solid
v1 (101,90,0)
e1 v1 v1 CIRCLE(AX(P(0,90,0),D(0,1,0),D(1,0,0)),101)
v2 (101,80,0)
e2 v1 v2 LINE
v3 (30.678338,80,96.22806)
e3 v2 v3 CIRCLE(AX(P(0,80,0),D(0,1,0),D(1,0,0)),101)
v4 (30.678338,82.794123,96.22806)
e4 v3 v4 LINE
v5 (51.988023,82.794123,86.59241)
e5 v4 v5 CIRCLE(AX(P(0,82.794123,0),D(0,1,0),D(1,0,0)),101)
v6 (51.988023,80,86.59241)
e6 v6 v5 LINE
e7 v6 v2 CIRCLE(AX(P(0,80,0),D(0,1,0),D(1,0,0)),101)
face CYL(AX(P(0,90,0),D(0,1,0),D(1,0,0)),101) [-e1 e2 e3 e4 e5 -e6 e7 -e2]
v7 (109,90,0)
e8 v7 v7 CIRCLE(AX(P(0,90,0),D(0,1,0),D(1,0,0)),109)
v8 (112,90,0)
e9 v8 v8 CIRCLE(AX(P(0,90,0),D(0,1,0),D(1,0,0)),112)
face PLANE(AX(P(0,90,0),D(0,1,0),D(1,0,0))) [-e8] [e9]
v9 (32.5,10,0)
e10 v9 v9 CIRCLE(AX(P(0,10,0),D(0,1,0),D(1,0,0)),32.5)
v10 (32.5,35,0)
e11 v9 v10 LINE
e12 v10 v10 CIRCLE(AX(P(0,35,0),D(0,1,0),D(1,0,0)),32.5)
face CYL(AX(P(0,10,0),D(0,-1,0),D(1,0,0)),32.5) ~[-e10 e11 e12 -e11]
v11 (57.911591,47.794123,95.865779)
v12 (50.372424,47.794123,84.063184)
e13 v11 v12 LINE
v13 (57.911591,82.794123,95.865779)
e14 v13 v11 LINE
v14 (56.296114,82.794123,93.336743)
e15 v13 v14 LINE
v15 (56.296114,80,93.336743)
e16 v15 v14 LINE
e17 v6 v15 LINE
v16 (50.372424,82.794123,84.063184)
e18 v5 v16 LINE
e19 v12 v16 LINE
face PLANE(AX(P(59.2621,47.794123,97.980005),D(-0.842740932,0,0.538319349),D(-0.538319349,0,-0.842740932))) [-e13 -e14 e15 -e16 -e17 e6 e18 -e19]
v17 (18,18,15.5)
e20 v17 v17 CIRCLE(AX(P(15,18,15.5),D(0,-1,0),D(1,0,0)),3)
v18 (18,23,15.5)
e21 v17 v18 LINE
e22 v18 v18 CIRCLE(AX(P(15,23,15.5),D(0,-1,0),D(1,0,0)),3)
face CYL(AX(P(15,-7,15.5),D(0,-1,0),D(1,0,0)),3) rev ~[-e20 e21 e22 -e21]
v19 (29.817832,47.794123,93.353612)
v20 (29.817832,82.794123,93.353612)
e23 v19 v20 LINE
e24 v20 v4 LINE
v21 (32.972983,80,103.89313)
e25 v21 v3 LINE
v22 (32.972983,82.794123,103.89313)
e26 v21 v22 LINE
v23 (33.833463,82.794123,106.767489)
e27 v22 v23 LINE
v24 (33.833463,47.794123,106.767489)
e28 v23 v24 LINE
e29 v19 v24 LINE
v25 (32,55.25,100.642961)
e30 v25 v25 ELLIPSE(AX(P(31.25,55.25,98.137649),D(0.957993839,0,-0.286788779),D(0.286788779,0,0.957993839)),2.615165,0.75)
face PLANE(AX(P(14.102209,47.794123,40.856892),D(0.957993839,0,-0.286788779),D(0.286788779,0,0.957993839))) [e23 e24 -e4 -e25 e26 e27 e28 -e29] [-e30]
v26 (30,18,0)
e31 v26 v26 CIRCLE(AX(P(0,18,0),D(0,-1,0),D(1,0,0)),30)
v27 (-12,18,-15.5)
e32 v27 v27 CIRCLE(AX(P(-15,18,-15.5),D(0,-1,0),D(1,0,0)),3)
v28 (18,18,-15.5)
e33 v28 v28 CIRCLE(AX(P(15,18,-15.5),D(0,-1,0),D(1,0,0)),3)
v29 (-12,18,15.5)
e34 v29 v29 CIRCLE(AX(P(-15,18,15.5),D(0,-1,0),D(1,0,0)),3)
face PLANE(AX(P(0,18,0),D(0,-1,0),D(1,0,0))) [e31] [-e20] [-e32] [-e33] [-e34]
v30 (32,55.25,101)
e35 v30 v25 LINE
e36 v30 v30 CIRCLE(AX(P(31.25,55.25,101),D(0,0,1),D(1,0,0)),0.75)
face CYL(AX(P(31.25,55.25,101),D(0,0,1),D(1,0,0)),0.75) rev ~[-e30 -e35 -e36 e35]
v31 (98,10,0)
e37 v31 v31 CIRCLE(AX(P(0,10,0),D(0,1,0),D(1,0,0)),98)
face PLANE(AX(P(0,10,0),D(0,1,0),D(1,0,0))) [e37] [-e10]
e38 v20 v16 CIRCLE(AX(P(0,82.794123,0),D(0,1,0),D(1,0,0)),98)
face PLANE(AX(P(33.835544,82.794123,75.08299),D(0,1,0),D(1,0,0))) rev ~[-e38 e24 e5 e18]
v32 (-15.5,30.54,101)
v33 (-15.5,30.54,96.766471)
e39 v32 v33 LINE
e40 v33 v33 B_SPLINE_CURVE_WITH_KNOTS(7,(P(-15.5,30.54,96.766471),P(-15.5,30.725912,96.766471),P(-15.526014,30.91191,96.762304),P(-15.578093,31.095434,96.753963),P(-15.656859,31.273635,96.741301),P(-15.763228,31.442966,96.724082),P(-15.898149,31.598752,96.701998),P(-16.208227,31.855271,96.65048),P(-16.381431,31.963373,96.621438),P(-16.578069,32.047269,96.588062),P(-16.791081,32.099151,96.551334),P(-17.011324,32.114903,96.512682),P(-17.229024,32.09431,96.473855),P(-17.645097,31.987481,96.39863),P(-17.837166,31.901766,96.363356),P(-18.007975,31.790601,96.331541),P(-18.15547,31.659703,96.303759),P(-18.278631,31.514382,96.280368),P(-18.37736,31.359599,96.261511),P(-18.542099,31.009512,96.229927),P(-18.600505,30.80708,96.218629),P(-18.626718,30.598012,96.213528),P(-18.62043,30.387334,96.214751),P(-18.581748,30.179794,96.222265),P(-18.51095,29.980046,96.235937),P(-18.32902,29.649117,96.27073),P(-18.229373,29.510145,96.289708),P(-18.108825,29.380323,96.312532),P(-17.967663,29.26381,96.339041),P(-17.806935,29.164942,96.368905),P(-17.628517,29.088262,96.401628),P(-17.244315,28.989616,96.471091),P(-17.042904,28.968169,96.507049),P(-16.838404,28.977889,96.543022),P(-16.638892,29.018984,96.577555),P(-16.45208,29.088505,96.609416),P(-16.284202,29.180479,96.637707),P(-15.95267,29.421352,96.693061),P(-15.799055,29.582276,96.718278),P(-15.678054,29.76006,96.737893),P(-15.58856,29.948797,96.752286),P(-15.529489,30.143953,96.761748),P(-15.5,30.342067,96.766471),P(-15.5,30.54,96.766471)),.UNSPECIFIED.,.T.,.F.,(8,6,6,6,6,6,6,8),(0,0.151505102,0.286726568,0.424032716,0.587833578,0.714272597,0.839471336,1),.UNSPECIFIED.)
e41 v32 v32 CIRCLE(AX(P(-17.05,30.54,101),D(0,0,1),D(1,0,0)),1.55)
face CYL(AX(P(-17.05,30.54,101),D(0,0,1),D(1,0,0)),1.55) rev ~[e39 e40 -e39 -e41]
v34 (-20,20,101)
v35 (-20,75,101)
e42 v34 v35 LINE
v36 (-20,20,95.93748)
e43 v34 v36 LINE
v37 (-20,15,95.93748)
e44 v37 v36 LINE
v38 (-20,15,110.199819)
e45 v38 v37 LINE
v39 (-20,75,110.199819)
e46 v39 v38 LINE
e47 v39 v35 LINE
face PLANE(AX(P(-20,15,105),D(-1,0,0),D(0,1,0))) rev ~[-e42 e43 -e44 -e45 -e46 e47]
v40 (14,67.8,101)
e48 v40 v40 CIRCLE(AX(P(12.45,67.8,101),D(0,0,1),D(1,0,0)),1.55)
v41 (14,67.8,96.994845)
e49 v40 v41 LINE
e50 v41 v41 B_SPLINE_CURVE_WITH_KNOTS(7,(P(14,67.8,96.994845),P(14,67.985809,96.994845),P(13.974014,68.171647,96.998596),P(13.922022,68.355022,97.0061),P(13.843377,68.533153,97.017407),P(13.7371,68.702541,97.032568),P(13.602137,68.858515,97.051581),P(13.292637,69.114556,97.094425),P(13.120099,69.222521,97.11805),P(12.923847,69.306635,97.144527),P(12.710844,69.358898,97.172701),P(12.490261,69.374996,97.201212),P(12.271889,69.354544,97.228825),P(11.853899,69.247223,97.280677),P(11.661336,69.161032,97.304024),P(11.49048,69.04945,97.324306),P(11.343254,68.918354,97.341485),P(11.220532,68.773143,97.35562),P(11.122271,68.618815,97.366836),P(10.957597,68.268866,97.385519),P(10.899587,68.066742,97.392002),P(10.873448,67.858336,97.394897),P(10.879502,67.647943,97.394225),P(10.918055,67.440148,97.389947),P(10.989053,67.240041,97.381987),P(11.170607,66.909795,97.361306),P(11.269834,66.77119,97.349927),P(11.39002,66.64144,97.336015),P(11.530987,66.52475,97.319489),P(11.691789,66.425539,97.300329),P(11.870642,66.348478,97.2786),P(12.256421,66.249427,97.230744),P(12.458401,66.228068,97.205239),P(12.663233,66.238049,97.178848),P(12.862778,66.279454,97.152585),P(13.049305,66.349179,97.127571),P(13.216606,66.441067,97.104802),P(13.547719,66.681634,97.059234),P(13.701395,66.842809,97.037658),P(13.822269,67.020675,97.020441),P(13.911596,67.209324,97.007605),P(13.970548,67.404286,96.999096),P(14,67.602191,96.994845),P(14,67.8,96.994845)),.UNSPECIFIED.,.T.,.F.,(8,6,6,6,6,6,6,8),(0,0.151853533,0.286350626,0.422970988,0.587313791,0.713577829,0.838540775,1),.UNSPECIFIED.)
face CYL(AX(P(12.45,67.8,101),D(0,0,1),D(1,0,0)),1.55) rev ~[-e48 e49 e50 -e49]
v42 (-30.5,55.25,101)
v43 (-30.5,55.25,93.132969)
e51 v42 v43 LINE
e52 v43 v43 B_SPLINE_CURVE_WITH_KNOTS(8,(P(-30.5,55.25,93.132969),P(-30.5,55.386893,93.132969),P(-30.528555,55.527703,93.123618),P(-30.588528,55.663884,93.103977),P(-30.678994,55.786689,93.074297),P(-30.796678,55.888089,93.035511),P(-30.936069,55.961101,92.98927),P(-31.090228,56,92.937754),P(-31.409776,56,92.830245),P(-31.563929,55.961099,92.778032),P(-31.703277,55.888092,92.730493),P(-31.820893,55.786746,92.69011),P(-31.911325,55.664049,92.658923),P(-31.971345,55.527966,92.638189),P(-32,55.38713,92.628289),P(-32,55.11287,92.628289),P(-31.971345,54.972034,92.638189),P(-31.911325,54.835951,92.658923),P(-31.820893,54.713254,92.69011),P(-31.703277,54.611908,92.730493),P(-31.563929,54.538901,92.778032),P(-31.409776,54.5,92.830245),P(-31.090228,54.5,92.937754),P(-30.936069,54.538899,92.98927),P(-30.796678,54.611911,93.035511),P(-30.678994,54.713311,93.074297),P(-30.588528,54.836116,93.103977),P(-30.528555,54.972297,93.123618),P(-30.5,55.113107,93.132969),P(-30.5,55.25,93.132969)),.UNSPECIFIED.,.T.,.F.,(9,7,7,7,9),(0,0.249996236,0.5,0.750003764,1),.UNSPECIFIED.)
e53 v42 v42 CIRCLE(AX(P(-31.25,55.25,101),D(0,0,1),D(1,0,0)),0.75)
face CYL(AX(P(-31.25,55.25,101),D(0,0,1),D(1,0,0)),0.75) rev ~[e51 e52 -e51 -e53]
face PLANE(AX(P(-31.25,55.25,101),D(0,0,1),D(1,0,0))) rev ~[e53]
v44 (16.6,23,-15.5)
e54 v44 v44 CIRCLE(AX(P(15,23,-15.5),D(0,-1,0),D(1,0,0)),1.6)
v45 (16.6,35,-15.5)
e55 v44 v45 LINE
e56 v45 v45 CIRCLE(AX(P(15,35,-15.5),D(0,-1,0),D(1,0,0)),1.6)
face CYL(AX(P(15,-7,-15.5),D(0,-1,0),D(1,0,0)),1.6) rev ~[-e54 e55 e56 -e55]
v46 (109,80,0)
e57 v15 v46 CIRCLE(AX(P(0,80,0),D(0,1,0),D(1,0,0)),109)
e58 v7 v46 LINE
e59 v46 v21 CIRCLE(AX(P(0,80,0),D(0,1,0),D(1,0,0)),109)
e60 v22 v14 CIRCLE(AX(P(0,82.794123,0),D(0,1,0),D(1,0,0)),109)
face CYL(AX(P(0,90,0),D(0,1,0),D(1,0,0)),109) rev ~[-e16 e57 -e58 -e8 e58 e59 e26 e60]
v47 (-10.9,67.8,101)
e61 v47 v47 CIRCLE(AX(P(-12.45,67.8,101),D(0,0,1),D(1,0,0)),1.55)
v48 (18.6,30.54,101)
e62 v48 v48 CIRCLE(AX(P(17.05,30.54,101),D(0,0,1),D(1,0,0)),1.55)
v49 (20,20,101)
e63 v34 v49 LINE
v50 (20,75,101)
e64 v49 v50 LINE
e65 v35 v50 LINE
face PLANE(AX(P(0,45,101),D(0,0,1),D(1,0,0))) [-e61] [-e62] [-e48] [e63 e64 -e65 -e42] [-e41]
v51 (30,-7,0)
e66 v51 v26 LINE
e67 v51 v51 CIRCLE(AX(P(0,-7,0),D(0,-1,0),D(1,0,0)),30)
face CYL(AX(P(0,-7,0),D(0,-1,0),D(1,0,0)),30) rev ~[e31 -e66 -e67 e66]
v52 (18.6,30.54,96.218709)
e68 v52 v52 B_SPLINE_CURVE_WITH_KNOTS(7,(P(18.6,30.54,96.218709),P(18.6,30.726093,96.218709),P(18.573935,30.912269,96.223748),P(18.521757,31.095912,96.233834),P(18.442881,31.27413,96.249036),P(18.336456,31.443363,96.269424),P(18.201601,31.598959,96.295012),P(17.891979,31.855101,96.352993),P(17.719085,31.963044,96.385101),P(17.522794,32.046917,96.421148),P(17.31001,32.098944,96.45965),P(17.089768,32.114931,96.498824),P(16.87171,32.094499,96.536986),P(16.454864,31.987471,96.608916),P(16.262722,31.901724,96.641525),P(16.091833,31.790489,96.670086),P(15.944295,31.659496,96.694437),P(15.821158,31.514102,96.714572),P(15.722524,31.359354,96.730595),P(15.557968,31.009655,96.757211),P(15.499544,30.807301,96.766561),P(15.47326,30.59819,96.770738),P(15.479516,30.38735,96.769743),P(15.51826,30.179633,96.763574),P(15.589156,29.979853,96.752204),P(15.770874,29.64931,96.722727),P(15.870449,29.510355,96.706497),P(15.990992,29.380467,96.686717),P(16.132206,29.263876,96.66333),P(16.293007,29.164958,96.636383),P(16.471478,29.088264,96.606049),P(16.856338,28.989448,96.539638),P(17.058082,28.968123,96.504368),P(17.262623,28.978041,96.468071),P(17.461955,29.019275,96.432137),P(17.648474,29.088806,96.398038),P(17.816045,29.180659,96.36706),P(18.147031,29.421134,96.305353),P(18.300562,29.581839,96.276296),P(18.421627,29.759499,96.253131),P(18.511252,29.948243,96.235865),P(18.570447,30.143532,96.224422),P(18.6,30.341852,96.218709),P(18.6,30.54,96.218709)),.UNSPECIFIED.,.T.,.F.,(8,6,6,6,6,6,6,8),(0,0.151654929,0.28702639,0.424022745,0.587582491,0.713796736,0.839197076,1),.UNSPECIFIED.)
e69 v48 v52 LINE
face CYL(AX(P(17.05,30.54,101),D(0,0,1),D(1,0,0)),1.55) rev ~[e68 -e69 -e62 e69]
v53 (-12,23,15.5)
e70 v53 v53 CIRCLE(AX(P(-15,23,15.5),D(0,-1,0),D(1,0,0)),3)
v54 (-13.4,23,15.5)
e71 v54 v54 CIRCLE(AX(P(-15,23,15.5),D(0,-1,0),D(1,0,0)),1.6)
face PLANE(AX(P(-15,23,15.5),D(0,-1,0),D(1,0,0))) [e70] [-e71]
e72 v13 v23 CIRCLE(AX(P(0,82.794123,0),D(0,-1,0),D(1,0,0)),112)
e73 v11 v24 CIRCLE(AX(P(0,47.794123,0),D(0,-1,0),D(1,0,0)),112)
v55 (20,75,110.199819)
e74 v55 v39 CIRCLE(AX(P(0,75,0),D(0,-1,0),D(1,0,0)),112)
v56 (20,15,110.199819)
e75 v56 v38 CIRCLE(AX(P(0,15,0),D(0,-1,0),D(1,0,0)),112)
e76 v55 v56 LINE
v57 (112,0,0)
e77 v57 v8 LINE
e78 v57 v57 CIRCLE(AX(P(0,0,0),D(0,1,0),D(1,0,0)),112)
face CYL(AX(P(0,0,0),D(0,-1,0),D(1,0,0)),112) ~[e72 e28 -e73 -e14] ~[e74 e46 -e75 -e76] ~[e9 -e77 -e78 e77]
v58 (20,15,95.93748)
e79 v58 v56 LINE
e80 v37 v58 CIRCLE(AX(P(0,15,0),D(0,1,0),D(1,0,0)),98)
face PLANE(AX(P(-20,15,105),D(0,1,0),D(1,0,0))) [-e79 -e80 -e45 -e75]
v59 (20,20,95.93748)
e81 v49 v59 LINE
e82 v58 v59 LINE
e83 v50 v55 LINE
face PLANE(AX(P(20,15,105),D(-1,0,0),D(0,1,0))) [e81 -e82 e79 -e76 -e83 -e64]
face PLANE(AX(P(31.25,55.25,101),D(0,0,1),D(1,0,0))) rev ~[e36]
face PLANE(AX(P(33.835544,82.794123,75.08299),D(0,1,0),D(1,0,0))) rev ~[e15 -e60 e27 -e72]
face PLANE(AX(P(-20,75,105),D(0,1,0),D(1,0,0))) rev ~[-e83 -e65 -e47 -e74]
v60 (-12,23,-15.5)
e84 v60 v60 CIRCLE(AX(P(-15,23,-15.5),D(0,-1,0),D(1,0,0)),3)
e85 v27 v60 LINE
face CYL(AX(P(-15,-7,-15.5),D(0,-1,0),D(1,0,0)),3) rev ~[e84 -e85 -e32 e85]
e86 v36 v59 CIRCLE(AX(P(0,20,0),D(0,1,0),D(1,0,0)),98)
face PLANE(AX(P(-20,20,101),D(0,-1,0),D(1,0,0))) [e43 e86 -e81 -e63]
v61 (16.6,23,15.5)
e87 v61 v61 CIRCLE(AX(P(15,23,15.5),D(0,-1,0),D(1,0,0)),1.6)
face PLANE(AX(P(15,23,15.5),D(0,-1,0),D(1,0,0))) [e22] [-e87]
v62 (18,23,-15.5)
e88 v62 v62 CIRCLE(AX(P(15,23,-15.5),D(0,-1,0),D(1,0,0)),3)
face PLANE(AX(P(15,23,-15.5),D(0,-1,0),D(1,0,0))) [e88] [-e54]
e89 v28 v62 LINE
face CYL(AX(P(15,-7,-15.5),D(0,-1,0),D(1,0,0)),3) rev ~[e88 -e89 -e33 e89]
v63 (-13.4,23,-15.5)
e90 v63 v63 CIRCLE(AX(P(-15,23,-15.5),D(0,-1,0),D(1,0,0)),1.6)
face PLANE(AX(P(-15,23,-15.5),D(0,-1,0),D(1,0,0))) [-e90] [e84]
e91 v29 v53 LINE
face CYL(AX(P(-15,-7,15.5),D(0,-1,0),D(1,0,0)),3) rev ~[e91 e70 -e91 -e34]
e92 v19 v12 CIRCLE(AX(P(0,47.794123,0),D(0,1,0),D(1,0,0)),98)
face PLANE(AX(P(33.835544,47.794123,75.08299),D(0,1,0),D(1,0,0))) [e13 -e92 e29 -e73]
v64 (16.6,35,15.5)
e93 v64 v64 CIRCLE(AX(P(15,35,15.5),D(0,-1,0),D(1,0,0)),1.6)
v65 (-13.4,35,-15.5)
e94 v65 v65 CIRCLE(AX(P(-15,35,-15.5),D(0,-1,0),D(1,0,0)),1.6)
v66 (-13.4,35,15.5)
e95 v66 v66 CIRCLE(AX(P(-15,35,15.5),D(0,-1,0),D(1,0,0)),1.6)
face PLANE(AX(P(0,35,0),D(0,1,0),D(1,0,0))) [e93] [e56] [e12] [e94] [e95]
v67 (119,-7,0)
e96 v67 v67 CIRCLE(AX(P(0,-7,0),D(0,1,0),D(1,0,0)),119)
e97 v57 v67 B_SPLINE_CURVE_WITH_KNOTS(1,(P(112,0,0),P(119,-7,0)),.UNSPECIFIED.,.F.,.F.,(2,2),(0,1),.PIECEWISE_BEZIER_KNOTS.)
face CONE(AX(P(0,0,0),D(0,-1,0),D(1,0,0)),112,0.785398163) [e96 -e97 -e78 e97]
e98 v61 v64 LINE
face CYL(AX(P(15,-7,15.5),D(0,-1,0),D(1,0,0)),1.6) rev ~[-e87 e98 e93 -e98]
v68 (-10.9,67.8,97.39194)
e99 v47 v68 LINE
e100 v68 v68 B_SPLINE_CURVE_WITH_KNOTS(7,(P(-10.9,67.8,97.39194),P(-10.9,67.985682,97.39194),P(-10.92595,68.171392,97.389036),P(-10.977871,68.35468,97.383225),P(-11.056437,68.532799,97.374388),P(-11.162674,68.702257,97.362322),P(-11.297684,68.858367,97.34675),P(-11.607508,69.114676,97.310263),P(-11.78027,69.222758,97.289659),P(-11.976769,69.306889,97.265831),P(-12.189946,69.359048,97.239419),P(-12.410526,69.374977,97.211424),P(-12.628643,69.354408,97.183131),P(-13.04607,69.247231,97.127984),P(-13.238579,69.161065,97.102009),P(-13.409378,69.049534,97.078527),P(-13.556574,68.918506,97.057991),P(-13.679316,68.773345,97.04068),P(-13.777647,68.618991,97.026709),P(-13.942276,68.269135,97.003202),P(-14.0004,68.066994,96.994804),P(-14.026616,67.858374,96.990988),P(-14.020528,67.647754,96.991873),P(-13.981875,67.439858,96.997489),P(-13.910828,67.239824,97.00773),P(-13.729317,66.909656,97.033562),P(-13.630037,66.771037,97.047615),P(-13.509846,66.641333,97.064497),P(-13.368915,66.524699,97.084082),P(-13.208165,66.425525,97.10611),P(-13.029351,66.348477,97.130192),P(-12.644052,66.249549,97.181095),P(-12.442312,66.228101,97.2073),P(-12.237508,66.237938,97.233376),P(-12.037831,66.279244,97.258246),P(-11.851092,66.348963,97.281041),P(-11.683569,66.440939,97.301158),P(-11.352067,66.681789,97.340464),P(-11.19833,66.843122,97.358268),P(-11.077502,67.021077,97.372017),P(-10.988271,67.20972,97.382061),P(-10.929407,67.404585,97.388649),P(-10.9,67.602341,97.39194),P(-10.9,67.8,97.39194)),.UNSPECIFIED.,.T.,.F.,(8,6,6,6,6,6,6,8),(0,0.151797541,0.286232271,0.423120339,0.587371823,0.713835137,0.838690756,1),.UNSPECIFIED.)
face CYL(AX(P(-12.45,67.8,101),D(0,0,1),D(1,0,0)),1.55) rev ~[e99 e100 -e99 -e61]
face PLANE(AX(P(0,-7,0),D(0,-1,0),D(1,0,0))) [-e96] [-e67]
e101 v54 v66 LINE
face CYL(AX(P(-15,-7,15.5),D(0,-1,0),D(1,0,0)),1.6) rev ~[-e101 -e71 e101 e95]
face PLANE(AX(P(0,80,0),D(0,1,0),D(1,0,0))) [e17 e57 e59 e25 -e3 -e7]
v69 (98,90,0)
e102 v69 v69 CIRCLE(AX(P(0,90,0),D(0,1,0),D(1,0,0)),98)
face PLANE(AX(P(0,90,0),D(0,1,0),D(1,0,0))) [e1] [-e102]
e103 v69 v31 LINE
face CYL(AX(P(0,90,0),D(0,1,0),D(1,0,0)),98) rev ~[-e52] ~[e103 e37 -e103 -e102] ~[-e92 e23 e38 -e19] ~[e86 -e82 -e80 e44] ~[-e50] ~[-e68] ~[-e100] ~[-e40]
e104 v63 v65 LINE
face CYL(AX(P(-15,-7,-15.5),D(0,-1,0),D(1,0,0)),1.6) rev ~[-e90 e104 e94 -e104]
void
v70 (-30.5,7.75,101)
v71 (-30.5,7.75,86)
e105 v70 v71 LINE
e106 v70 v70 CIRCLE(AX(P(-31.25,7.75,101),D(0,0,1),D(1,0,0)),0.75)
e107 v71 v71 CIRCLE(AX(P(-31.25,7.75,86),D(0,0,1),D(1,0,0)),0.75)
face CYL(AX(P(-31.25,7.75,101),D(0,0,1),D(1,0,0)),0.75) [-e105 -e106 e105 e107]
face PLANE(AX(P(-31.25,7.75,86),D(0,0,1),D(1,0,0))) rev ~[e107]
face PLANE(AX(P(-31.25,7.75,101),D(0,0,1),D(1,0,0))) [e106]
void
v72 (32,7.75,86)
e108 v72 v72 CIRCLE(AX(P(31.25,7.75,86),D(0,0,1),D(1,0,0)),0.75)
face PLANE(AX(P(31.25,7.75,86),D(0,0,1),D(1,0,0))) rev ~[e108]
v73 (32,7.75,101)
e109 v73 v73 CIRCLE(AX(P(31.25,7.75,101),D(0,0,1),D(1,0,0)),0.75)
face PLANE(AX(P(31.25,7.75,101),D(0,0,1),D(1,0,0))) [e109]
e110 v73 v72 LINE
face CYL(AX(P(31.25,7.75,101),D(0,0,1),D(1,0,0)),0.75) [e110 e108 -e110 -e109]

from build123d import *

# Parameters (mm, degrees)
SKETCH1_R               = 112
BOSS_EXTRUDE3_DEPTH     = 90
SKETCH9_R               = 109
SKETCH9_R_2             = 101
CUT_EXTRUDE6_DEPTH      = 10
SKETCH4_W               = 40
SKETCH4_H               = 60
CUT_EXTRUDE2_DEPTH      = 26
CUT_EXTRUDE2_DEPTH_BACK = 4
SKETCH12_R              = 112
BOSS_EXTRUDE4_DEPTH     = 7
BOSS_EXTRUDE4_TAPER     = -45
SKETCH13_R              = 98
CUT_EXTRUDE8_DEPTH      = 80
SKETCH14_R              = 0.75
CUT_EXTRUDE9_DEPTH      = 15
SKETCH18_R              = 32.5
BOSS_EXTRUDE5_DEPTH     = 25
SKETCH16_R              = 1.6
CUT_EXTRUDE11_DEPTH     = 98.0000001
SKETCH17_R              = 3
CUT_EXTRUDE12_DEPTH     = 30
SKETCH19_R              = 30
CUT_EXTRUDE13_DEPTH     = 25
SKETCH20_W              = 40
SKETCH20_H              = 5
CUT_EXTRUDE14_DEPTH     = 25
SKETCH21_R              = 1.55
CUT_EXTRUDE15_DEPTH     = 25
CUT_EXTRUDE16_DEPTH     = 35


with BuildPart() as part:
    # Sketch1 → Boss-Extrude3 (new body)
    with BuildSketch(Plane(origin=(0, 0, 0), x_dir=(1, 0, 0), z_dir=(0, 1, 0))):
        Circle(SKETCH1_R)
    extrude(amount=BOSS_EXTRUDE3_DEPTH)

    # Sketch9 → Cut-Extrude6 (cut)
    with BuildSketch(Plane(origin=(0, 90, 0), x_dir=(1, 0, 0), z_dir=(0, 1, 0))):
        Circle(SKETCH9_R)
        Circle(SKETCH9_R_2, mode=Mode.SUBTRACT)
    extrude(amount=-CUT_EXTRUDE6_DEPTH, mode=Mode.SUBTRACT)

    # Sketch4 → Cut-Extrude2 (cut, two sides)
    with BuildSketch(Plane.XY.offset(105)) as cut_extrude2_sk:
        with Locations((0, 45)):
            Rectangle(SKETCH4_W, SKETCH4_H)
    extrude(amount=CUT_EXTRUDE2_DEPTH, mode=Mode.SUBTRACT)
    extrude(cut_extrude2_sk.sketch, amount=-CUT_EXTRUDE2_DEPTH_BACK, mode=Mode.SUBTRACT)

    # Sketch12 → Boss-Extrude4 (add)
    with BuildSketch(Plane.XZ):
        Circle(SKETCH12_R)
    extrude(amount=BOSS_EXTRUDE4_DEPTH, taper=BOSS_EXTRUDE4_TAPER)

    # Sketch13 → Cut-Extrude8 (cut)
    with BuildSketch(Plane(origin=(0, 90, 0), x_dir=(1, 0, 0), z_dir=(0, 1, 0))):
        Circle(SKETCH13_R)
    extrude(amount=-CUT_EXTRUDE8_DEPTH, mode=Mode.SUBTRACT)

    # Sketch14 → Cut-Extrude9 (cut)
    with BuildSketch(Plane.XY.offset(101)):
        with Locations((-31.25, 55.25)):
            Circle(SKETCH14_R)
        with Locations((31.25, 55.25)):
            Circle(SKETCH14_R)
        with Locations((31.25, 7.75)):
            Circle(SKETCH14_R)
        with Locations((-31.25, 7.75)):
            Circle(SKETCH14_R)
    extrude(amount=-CUT_EXTRUDE9_DEPTH, mode=Mode.SUBTRACT)

    # Sketch18 → Boss-Extrude5 (add)
    with BuildSketch(Plane(origin=(0, 10, 0), x_dir=(1, 0, 0), z_dir=(0, 1, 0))):
        Circle(SKETCH18_R)
    extrude(amount=BOSS_EXTRUDE5_DEPTH)

    # Sketch16 → Cut-Extrude11 (cut, through all)
    with BuildSketch(Plane.XZ.offset(7)):
        with Locations((-15, 15.5)):
            Circle(SKETCH16_R)
        with Locations((15, 15.5)):
            Circle(SKETCH16_R)
        with Locations((15, -15.5)):
            Circle(SKETCH16_R)
        with Locations((-15, -15.5)):
            Circle(SKETCH16_R)
    extrude(amount=-CUT_EXTRUDE11_DEPTH, mode=Mode.SUBTRACT)

    # Sketch17 → Cut-Extrude12 (cut)
    with BuildSketch(Plane.XZ.offset(7)):
        with Locations((-15, 15.5)):
            Circle(SKETCH17_R)
        with Locations((15, 15.5)):
            Circle(SKETCH17_R)
        with Locations((-15, -15.5)):
            Circle(SKETCH17_R)
        with Locations((15, -15.5)):
            Circle(SKETCH17_R)
    extrude(amount=-CUT_EXTRUDE12_DEPTH, mode=Mode.SUBTRACT)

    # Sketch19 → Cut-Extrude13 (cut)
    with BuildSketch(Plane.XZ.offset(7)):
        Circle(SKETCH19_R)
    extrude(amount=-CUT_EXTRUDE13_DEPTH, mode=Mode.SUBTRACT)

    # Sketch20 → Cut-Extrude14 (cut)
    with BuildSketch(Plane.XY.offset(101)):
        with Locations((0, 17.5)):
            Rectangle(SKETCH20_W, SKETCH20_H)
    extrude(amount=-CUT_EXTRUDE14_DEPTH, mode=Mode.SUBTRACT)

    # Sketch21 → Cut-Extrude15 (cut)
    with BuildSketch(Plane.XY.offset(101)):
        with Locations((12.45, 67.8)):
            Circle(SKETCH21_R)
        with Locations((-12.45, 67.8)):
            Circle(SKETCH21_R)
        with Locations((-17.05, 30.54)):
            Circle(SKETCH21_R)
        with Locations((17.05, 30.54)):
            Circle(SKETCH21_R)
    extrude(amount=-CUT_EXTRUDE15_DEPTH, mode=Mode.SUBTRACT)

    # Sketch22 → Cut-Extrude16 (cut)
    with BuildSketch(Plane(origin=(22.204096953, 47.794122581, -296.404157649), x_dir=(1, 0, 0), z_dir=(0, 1, 0))):
        Polygon((-8.101888311, -337.261049447), (12.404969277, -405.762485644), (37.058002756, -394.3841625), (-1.388931435, -334.195344764), align=None)
    extrude(amount=CUT_EXTRUDE16_DEPTH, mode=Mode.SUBTRACT)


solid = part.part
